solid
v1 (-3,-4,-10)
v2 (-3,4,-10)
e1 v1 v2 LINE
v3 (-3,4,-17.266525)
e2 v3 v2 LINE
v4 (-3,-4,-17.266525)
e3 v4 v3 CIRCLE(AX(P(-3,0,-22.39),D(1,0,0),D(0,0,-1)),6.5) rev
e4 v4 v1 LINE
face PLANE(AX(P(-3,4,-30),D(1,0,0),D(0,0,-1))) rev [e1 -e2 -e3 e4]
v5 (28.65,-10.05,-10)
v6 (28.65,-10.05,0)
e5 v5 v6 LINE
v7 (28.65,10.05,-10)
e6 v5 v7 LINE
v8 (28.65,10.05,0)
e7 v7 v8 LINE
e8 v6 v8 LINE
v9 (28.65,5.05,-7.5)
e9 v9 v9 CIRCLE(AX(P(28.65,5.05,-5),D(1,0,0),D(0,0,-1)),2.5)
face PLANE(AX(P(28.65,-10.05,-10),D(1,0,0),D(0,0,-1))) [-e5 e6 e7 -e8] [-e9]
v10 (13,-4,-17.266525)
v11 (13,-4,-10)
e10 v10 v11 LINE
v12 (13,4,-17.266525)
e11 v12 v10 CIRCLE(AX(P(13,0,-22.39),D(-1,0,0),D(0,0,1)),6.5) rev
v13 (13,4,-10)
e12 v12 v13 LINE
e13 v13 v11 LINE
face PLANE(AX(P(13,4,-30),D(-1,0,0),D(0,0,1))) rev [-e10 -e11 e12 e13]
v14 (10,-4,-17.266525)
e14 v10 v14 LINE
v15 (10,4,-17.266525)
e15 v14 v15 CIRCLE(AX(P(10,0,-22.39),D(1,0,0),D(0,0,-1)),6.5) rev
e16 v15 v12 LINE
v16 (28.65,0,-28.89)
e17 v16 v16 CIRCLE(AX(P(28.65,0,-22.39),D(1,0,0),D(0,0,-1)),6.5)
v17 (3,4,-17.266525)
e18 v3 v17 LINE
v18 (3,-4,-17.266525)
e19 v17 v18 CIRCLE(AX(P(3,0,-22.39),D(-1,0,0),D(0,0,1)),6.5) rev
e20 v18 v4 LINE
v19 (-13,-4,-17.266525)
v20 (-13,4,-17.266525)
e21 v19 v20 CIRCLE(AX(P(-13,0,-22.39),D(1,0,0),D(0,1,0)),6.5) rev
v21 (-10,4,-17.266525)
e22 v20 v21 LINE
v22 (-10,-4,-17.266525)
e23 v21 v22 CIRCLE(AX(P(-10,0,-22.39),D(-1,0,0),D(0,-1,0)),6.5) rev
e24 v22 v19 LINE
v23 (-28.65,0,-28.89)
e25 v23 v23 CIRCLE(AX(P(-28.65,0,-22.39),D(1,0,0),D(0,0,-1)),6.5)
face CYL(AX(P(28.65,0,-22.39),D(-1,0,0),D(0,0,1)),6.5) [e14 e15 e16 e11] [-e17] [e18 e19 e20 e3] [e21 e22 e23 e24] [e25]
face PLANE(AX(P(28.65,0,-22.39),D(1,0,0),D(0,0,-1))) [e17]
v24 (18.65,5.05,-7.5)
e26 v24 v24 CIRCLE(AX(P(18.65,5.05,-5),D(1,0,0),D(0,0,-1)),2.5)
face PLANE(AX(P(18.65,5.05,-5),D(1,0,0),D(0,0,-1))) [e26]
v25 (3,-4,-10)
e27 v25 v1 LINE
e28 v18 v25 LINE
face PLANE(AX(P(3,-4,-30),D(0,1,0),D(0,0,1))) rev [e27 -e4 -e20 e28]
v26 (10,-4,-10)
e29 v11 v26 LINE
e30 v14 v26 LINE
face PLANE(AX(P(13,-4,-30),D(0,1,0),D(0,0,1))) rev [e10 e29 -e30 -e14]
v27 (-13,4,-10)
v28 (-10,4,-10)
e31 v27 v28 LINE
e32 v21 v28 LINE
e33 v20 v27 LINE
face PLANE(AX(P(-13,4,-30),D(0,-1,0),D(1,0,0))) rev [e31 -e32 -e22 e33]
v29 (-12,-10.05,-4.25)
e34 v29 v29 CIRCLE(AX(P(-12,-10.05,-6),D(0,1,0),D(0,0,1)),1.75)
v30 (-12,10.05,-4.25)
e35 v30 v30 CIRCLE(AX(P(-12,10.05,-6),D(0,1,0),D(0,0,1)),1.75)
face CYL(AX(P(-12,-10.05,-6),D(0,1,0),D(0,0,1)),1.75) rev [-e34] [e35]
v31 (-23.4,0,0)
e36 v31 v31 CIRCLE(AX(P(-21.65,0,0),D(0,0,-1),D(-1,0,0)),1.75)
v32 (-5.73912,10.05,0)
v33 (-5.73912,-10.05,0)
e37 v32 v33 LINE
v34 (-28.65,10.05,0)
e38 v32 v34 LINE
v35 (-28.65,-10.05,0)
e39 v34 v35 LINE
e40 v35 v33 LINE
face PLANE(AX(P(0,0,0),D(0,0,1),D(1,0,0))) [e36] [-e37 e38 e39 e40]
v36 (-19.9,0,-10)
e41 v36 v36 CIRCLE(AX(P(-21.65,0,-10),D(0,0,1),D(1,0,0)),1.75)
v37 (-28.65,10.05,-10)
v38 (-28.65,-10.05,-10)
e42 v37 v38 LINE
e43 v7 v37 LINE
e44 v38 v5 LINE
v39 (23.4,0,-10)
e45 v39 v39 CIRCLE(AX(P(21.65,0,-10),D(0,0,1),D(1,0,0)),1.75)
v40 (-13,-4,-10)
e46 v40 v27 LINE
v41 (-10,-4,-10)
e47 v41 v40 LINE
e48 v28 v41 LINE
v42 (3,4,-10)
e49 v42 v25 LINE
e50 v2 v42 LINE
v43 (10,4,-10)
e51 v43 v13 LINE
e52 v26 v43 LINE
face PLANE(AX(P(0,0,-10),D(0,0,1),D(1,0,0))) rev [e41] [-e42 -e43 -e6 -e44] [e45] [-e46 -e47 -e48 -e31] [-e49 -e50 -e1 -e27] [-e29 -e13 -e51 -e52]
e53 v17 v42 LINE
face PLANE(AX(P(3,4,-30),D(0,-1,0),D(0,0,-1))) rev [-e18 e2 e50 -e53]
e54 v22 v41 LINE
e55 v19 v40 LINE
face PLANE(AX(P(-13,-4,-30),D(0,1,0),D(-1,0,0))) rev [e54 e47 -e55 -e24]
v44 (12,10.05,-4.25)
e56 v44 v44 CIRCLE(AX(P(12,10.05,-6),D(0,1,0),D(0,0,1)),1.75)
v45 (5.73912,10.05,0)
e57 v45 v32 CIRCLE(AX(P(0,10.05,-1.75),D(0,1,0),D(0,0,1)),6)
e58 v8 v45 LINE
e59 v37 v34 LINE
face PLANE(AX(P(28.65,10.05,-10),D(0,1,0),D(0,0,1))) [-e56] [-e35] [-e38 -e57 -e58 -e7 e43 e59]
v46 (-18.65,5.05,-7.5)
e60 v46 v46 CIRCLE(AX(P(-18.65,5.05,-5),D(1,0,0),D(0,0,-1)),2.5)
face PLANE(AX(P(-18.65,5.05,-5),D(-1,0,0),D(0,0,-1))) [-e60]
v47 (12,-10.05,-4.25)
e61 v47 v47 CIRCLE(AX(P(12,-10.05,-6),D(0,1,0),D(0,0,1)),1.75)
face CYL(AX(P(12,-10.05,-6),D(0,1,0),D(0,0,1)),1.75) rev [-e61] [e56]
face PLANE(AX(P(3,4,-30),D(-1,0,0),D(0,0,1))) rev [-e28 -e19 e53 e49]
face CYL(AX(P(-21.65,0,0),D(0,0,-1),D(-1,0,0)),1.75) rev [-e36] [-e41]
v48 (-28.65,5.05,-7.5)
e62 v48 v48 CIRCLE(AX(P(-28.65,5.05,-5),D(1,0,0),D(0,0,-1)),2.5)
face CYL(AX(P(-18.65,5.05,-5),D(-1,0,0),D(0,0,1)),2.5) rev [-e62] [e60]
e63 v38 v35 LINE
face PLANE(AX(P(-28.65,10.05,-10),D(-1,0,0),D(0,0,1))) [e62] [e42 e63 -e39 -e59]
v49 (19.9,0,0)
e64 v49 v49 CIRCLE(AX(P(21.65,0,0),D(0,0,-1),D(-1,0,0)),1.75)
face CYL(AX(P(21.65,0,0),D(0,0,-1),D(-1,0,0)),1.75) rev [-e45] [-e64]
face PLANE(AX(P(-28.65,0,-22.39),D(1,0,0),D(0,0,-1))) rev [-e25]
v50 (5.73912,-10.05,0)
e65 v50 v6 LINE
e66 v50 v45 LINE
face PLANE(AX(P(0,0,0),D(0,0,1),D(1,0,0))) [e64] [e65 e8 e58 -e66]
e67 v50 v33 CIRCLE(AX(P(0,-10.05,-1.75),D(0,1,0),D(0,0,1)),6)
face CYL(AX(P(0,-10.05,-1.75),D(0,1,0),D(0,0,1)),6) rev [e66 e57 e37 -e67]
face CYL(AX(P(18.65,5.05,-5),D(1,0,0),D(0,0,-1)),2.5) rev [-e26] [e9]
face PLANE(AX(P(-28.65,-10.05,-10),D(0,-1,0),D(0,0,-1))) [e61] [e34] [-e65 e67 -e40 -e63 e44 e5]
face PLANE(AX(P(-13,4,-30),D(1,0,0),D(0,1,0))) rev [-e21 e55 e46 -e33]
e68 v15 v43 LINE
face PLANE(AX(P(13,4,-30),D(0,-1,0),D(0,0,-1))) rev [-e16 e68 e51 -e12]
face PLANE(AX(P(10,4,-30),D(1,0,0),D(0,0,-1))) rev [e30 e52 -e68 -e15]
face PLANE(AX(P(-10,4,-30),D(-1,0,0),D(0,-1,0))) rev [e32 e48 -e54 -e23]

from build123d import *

# Parameters (mm, degrees)
SKETCH1_W                = 57.3
SKETCH1_H                = 20.1
BOSS_EXTRUDE1_DEPTH      = 10
SKETCH2_W                = 3
SKETCH2_H                = 8
SKETCH2_W_2              = 6
BOSS_EXTRUDE2_DEPTH      = 20
SKETCH3_R                = 2.5
SKETCH3_R_2              = 1.75
BOSS_EXTRUDE3_DEPTH      = 4
BOSS_EXTRUDE4_START      = -9
SKETCH3_3_R              = 2.5
SKETCH3_3_R_2            = 1.75
BOSS_EXTRUDE4_DEPTH      = 8
CUT_EXTRUDE1_DEPTH       = 53.304158534
CUT_EXTRUDE1_DEPTH_BACK  = 53.304158534
SKETCH3_4_R              = 1.75
CUT_EXTRUDE2_DEPTH       = 35.503001319
CUT_EXTRUDE2_DEPTH_BACK  = 35.503001319
SKETCH4_R                = 1.75
CUT_EXTRUDE3_DEPTH       = 44.832232432
CUT_EXTRUDE3_DEPTH_BACK  = 44.832232432
SKETCH6_R                = 1.75
SKETCH6_R_2              = 6
SKETCH7_R                = 2.5
CUT_EXTRUDE4_DEPTH       = 10
BOSS_EXTRUDE6_DEPTH      = 15.65
BOSS_EXTRUDE6_DEPTH_BACK = 41.65
SKETCH5_R                = 6.5


with BuildPart() as part:
    # Sketch1 → Boss-Extrude1 (new body)
    with BuildSketch(Plane.XY):
        Rectangle(SKETCH1_W, SKETCH1_H)
    extrude(amount=-BOSS_EXTRUDE1_DEPTH)

    # Sketch2 → Boss-Extrude2 (add)
    with BuildSketch(Plane(origin=(0, 0, -10), x_dir=(-1, 0, 0), z_dir=(0, 0, -1))):
        with Locations((-11.5, 0)):
            Rectangle(SKETCH2_W, SKETCH2_H)
        Rectangle(SKETCH2_W_2, SKETCH2_H)
        with Locations((11.5, 0)):
            Rectangle(SKETCH2_W, SKETCH2_H)
    extrude(amount=BOSS_EXTRUDE2_DEPTH)

    # Sketch3 → Boss-Extrude3 (add)
    with BuildSketch(Plane(origin=(13, 0, 0), x_dir=(0, 0, -1), z_dir=(1, 0, 0))):
        with Locations((22.39, 0)):
            Circle(SKETCH3_R)
        with Locations((22.39, 0)):
            Circle(SKETCH3_R_2, mode=Mode.SUBTRACT)
    boss_extrude3 = extrude(amount=-BOSS_EXTRUDE3_DEPTH)

    # Sketch3<3> → Boss-Extrude4 (add)
    with BuildSketch(Plane(origin=(13, 0, 0), x_dir=(0, 0, -1), z_dir=(1, 0, 0)).offset(BOSS_EXTRUDE4_START)):
        with Locations((22.39, 0)):
            Circle(SKETCH3_3_R)
        with Locations((22.39, 0)):
            Circle(SKETCH3_3_R_2, mode=Mode.SUBTRACT)
    extrude(amount=-BOSS_EXTRUDE4_DEPTH)

    # Mirror1: Boss-Extrude3 across plane
    add(boss_extrude3.mirror(Plane(origin=(0, 0, 0), x_dir=(0, 0, 1), z_dir=(1, 0, 0))))

    # Sketch3<4> → Cut-Extrude1 (cut, two sides: drawn at the far end of the back side and taken through both)
    with BuildSketch(Plane(origin=(13, 0, 0), x_dir=(0, 0, -1), z_dir=(1, 0, 0)).offset(-CUT_EXTRUDE1_DEPTH_BACK)):
        with Locations((22.39, 0)):
            Circle(SKETCH3_4_R)
        with BuildLine():
            Line((30, 4), (22.39, 4))
            ThreePointArc((22.39, 4), (25.218427125, 2.828427125), (26.39, 0))
            ThreePointArc((26.39, 0), (25.218427125, -2.828427125), (22.39, -4))
            Line((22.39, -4), (30, -4))
            Line((30, -4), (30, 4))
        make_face()
    extrude(amount=CUT_EXTRUDE1_DEPTH + CUT_EXTRUDE1_DEPTH_BACK, mode=Mode.SUBTRACT)

    # Sketch4 → Cut-Extrude2 (cut, two sides: drawn at the far end of the back side and taken through both)
    with BuildSketch(Plane(origin=(0, 0, -10), x_dir=(-1, 0, 0), z_dir=(0, 0, -1)).offset(-CUT_EXTRUDE2_DEPTH_BACK)):
        with Locations((-21.65, 0)):
            Circle(SKETCH4_R)
        with Locations((21.65, 0)):
            Circle(SKETCH4_R)
    extrude(amount=CUT_EXTRUDE2_DEPTH + CUT_EXTRUDE2_DEPTH_BACK, mode=Mode.SUBTRACT)

    # Sketch6 → Cut-Extrude3 (cut, two sides: drawn at the far end of the back side and taken through both)
    with BuildSketch(Plane(origin=(0, 10.05, 0), x_dir=(1, 0, 0), z_dir=(0, 1, 0)).offset(-CUT_EXTRUDE3_DEPTH_BACK)):
        with Locations(Location((-12, 6, 0), (0, 0, 270))):
            Circle(SKETCH6_R)
        with Locations(Location((12, 6, 0), (0, 0, 270))):
            Circle(SKETCH6_R)
        with Locations((0, 1.75)):
            Circle(SKETCH6_R_2)
    extrude(amount=CUT_EXTRUDE3_DEPTH + CUT_EXTRUDE3_DEPTH_BACK, mode=Mode.SUBTRACT)

    # Sketch7 → Cut-Extrude4 (cut)
    with BuildSketch(Plane(origin=(28.65, 0, 0), x_dir=(0, 0, -1), z_dir=(1, 0, 0))):
        with Locations((5, 5.05)):
            Circle(SKETCH7_R)
    cut_extrude4 = extrude(amount=-CUT_EXTRUDE4_DEPTH, mode=Mode.SUBTRACT)

    # Mirror2: Cut-Extrude4 across plane
    add(cut_extrude4.mirror(Plane(origin=(0, 0, 0), x_dir=(0, 0, 1), z_dir=(1, 0, 0))), mode=Mode.SUBTRACT)

    # Sketch5 → Boss-Extrude6 (add, two sides: drawn at the far end of the back side and taken through both)
    with BuildSketch(Plane(origin=(13, 0, 0), x_dir=(0, 0, -1), z_dir=(1, 0, 0)).offset(-BOSS_EXTRUDE6_DEPTH_BACK)):
        with Locations((22.39, 0)):
            Circle(SKETCH5_R)
    extrude(amount=BOSS_EXTRUDE6_DEPTH + BOSS_EXTRUDE6_DEPTH_BACK)


solid = part.part
